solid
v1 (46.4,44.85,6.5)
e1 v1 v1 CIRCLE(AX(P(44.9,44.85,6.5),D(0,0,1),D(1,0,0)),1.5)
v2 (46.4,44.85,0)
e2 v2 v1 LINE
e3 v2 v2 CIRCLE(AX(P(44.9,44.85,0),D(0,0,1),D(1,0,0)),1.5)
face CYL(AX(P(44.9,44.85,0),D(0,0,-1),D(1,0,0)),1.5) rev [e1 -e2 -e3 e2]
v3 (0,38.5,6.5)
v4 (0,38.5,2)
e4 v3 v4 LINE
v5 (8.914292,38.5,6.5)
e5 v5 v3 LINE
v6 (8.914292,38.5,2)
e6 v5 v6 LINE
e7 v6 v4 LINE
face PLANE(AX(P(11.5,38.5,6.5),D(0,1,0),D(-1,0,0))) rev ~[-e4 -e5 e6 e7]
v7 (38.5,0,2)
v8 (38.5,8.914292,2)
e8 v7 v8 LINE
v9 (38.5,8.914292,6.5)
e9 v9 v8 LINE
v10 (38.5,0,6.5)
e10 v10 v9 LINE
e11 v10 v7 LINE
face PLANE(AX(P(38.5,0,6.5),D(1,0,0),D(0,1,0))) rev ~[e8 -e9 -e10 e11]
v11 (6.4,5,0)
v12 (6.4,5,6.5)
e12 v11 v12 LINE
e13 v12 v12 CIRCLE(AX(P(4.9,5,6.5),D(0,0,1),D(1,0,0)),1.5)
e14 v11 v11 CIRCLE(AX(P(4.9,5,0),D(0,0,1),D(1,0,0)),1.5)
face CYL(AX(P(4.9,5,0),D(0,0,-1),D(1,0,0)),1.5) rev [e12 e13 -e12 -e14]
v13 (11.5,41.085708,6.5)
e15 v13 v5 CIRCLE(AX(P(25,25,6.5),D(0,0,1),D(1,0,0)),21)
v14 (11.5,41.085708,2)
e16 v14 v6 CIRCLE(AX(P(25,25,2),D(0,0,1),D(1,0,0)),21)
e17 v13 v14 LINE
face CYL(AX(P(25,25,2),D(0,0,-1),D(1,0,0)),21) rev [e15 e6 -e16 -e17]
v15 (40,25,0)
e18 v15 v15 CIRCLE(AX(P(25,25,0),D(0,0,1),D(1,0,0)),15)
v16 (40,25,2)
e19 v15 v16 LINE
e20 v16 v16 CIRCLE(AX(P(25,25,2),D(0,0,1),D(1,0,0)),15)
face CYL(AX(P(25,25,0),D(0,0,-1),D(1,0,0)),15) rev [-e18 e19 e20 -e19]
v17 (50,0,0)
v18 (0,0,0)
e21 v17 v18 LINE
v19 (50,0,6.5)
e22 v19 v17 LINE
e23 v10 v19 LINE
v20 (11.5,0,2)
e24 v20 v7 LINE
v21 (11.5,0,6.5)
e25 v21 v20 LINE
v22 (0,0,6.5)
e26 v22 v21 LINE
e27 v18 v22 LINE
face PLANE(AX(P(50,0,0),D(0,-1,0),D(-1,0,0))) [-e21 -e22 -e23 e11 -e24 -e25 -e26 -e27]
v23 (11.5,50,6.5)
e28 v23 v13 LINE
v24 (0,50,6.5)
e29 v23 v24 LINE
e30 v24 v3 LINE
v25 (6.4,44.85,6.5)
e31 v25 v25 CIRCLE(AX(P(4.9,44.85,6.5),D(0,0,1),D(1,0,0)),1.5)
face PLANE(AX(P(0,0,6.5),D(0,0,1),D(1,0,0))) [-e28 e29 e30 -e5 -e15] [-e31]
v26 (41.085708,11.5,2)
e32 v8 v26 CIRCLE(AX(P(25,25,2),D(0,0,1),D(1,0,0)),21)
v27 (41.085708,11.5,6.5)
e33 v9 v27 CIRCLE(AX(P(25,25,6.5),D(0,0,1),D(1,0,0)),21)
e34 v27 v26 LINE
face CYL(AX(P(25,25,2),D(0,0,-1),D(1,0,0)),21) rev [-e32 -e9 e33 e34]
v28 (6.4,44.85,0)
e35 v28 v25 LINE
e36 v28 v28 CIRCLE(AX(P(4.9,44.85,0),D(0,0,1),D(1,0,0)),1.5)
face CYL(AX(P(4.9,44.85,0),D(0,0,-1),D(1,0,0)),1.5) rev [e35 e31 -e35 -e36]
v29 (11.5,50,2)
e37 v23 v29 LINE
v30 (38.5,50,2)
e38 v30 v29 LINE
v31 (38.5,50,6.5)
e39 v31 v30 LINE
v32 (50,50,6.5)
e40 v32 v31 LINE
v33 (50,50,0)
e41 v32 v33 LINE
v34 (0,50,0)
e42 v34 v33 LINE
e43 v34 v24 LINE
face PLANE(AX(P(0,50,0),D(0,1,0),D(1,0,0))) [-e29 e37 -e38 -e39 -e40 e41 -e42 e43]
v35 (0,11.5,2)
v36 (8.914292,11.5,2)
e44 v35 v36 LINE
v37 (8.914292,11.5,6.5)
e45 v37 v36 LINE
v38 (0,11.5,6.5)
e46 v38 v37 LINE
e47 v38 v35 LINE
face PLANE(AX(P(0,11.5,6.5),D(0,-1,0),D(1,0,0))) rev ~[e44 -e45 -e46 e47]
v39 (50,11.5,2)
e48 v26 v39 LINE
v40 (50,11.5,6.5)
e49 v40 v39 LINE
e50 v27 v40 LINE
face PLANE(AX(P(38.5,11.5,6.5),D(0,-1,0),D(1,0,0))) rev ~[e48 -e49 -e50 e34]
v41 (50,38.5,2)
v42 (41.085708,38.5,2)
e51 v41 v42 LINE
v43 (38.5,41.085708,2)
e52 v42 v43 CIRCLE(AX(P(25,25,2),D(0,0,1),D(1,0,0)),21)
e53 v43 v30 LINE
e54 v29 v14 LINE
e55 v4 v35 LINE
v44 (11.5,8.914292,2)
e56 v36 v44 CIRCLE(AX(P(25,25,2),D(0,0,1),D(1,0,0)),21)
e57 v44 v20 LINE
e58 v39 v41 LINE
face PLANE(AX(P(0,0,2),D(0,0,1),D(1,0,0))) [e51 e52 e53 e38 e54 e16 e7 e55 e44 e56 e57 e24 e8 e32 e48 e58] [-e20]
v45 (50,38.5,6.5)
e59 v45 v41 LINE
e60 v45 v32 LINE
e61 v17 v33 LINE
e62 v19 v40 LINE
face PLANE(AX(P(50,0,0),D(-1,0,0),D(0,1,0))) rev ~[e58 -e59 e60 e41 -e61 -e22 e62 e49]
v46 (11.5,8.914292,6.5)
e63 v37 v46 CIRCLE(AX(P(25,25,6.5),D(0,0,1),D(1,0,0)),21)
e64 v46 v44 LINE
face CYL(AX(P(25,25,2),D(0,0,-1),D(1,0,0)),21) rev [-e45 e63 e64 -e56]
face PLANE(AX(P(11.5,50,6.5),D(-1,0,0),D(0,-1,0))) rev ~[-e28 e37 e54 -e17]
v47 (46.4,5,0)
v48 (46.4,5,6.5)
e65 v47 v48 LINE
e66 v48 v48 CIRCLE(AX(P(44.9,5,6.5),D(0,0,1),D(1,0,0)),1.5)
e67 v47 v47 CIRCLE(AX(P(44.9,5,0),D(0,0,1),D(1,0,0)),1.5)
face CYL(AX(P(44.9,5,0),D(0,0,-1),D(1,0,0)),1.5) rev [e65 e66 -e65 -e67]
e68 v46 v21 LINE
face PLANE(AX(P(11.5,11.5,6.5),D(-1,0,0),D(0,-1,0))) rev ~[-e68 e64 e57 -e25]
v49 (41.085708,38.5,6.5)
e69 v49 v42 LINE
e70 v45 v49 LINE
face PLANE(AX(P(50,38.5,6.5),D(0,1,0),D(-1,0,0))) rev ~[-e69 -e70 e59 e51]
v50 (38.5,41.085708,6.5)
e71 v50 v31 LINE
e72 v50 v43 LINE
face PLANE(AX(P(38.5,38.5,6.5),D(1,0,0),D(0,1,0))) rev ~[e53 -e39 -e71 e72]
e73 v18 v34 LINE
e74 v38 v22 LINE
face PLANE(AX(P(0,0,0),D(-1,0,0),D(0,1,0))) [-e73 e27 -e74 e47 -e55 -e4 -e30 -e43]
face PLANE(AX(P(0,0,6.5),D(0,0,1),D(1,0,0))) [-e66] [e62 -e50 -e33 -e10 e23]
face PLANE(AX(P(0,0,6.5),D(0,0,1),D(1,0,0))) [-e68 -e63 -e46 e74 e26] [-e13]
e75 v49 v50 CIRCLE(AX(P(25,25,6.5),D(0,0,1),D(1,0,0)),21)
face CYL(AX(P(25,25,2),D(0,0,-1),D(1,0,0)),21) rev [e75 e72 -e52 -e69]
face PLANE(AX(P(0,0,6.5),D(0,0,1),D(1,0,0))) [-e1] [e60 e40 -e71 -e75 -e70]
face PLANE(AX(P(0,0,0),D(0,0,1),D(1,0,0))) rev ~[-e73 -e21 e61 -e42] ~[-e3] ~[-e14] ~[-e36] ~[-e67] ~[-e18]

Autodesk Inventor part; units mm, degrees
ref_plane "YZ Plane" through (0, 0, 0) normal (1, 0, 0) x (0, 1, 0)
ref_plane "XZ Plane" through (0, 0, 0) normal (0, 1, 0) x (-1, 0, 0)
ref_plane "XY Plane" through (0, 0, 0) normal (0, 0, 1) x (1, 0, 0)
ref_plane "Work Plane1" through (0, 0, 0) normal (0, 0, 1) x (1, 0, 0)
sketch "Sketch1" plane through (0, 0, 0) normal (0, 0, 1) x (1, 0, 0)
  circle A0 centre (44.9, 44.85) radius 3.1 construction
  arc A1 (2, 43.7546) -> (2, 45.9454) centre (4.9, 44.85) ccw construction
  line L0 (2, 39.7) -> (2, 43.7546) construction
  line L1 (97.8, 39.7) -> (2, 39.7) construction
  line L2 (97.8, 43.9046) -> (97.8, 39.7) construction
  arc A2 (94.119, 48) -> (97.8, 43.9046) centre (94.9, 45) ccw construction
  line L3 (55.681, 48) -> (94.119, 48) construction
  arc A3 (54.119, 48) -> (55.681, 48) centre (54.9, 45) ccw construction
  line L4 (29.1188, 48) -> (54.119, 48) construction
  line L5 (2, 45.9454) -> (2, 48) construction
  arc A4 (4.9, 2) -> (2, 5.7681) centre (4.9, 5) ccw construction
  line L6 (44.9, 2) -> (4.9, 2) construction
  circle A5 centre (44.9, 5) radius 3 construction
  line L7 (54.9, 2) -> (44.9, 2) construction
  circle A6 centre (54.9, 5) radius 3 construction
  line L8 (94.9, 2) -> (54.9, 2) construction
  arc A7 (97.8, 5.7681) -> (94.9, 2) centre (94.9, 5) ccw construction
  line L9 (97.8, 39.7) -> (97.8, 5.7681) construction
  line L10 (91.397, 39.7) -> (97.8, 39.7) construction
  line L11 (91.397, 10.3) -> (91.397, 39.7) construction
  line L12 (8.403, 10.3) -> (91.397, 10.3) construction
  line L13 (8.403, 10.3) -> (8.403, 39.7) construction
  line L14 (2, 39.7) -> (8.403, 39.7) construction
  line L15 (2, 5.7681) -> (2, 39.7) construction
  arc A8 (99.8, 48) -> (97.8, 50) centre (97.8, 48) ccw construction
  arc A9 (97.8, 0) -> (99.8, 2) centre (97.8, 2) ccw construction
  arc A10 (2, 50) -> (0, 48) centre (2, 48) ccw construction
  arc A11 (0, 2) -> (2, 0) centre (2, 2) ccw construction
  line L16 (0, 50) -> (99.8, 50)
  line L17 (99.8, 50) -> (99.8, 0)
  line L18 (99.8, 0) -> (0, 0)
  line L19 (0, 0) -> (0, 50)
  circle A12 centre (94.9, 45) radius 1.6 construction
  arc A13 (93.935, 3.8516) -> (95.865, 3.8516) centre (94.9, 5) ccw construction
  circle A14 centre (54.9, 5) radius 1.5 construction
  circle A15 centre (54.9, 45) radius 1.6 construction
  circle A16 centre (44.9, 44.85) radius 1.6 construction
  circle A17 centre (44.9, 5) radius 1.5 construction
  circle A18 centre (4.9, 44.85) radius 1.6 construction
  circle A19 centre (4.9, 5) radius 1.5 construction
  line L20 (0, 50) -> (50, 50) construction
  line L21 (50, 50) -> (50, 0) construction
  line L22 (50, 0) -> (0, 0) construction
  line L23 (0, 0) -> (0, 50) construction
  line L24 (50, 50) -> (0, 50)
  line L25 (0, 50) -> (0, 0)
  line L26 (0, 0) -> (50, 0)
  line L27 (50, 0) -> (50, 50)
  circle A20 centre (25, 25) radius 15
  circle A21 centre (44.9, 44.85) radius 1.5
  circle A22 centre (4.9, 44.85) radius 1.5
  circle A23 centre (4.9, 5) radius 1.5
  circle A24 centre (44.9, 5) radius 1.5
  line L28 (29.1188, 48) -> (29.1188, 47.25) projected
  line L29 (29.1188, 47.25) -> (20.2352, 47.25) projected
  line L30 (20.2352, 47.25) -> (20.2352, 48) projected
  line L31 (2, 48) -> (20.2352, 48) projected
  point P0 (0, 0)
  dimension "d0" = 50
  dimension "d1" = 50
  dimension "d2" = 30
  dimension "d3" = 3
  dimension "d4" = 3
  dimension "d5" = 3
  dimension "d6" = 3
extrude "Extrusion1" add sketch "Sketch1" along normal blind 2 contours L16 L27 L18 L19
sketch "Sketch2" plane through (0, 0, 2) normal (0, 0, 1) x (1, 0, 0)
  circle A0 centre (25, 25) radius 15 projected
  circle A1 centre (44.9, 5) radius 1.5 projected
  circle A2 centre (4.9, 5) radius 1.5 projected
  circle A3 centre (4.9, 44.85) radius 1.5 projected
  circle A4 centre (44.9, 44.85) radius 1.5 projected
  line L0 (50, 50) -> (0, 50) projected
  line L1 (0, 50) -> (0, 0) projected
  line L2 (0, 0) -> (50, 0) projected
  line L3 (50, 0) -> (50, 50) projected
  circle A5 centre (25, 25) radius 15 projected
  circle A6 centre (25, 25) radius 21
  point P0 (0, 0)
  dimension "d9" = 42
extrude "Extrusion2" add sketch "Sketch2" along normal blind 4.5 contours L3 L2 L1 L0
sketch "Sketch3" plane through (0, 0, 6.5) normal (0, 0, 1) x (1, 0, 0)
  point P0 (0, 0)
sketch "Sketch4" plane through (0, 0, 6.5) normal (0, 0, 1) x (1, 0, 0)
  arc A0 (5.5835, 17) -> (44.4165, 17) centre (25, 25) ccw construction
  line L0 (0.75, 17) -> (5.5835, 17) construction
  line L1 (0.75, 17) -> (0.75, 33) construction
  line L2 (5.5835, 33) -> (0.75, 33) construction
  arc A1 (44.4165, 33) -> (5.5835, 33) centre (25, 25) ccw construction
  line L3 (49.25, 33) -> (44.4165, 33) construction
  line L4 (49.25, 33) -> (49.25, 17) construction
  line L5 (44.4165, 17) -> (49.25, 17) construction
  line L6 (0, 0) -> (50, 0) projected
  line L7 (38.5, 50) -> (11.5, 50)
  line L8 (11.5, 50) -> (11.5, 0)
  line L9 (11.5, 0) -> (38.5, 0)
  line L10 (38.5, 0) -> (38.5, 50)
  line L11 (38.5, 50) -> (11.5, 0) construction
  line L12 (11.5, 50) -> (38.5, 0) construction
  line L13 (0, 50) -> (0, 0) projected
  line L14 (50, 38.5) -> (0, 38.5)
  line L15 (0, 38.5) -> (0, 11.5)
  line L16 (0, 11.5) -> (50, 11.5)
  line L17 (50, 11.5) -> (50, 38.5)
  line L18 (50, 38.5) -> (0, 11.5) construction
  line L19 (0, 38.5) -> (50, 11.5) construction
  circle A2 centre (4.9, 45) radius 0.6526 projected
  circle A3 centre (44.9, 45) radius 0.6526 projected
  circle A4 centre (4.9, 5) radius 0.6526 projected
  circle A5 centre (44.9, 5) radius 0.6526 projected
  line L20 (0, 0) -> (50, 0) projected
  line L21 (50, 0) -> (50, 50) projected
  line L22 (50, 50) -> (0, 50) projected
  line L23 (0, 50) -> (0, 0) projected
  dimension "d12" = 27
  dimension "d13" = 27
extrude "Extrusion3" cut sketch "Sketch4" against normal up to surface (4.5 mm away) contours L8 L16 L10 L6 | L13 L14 L8 L16 | L8 L14 L10 L16 | L10 L14 L17 L16 | L8 L7 L10 L14
properties part number "30_Z_Stage_Adapterplate"
